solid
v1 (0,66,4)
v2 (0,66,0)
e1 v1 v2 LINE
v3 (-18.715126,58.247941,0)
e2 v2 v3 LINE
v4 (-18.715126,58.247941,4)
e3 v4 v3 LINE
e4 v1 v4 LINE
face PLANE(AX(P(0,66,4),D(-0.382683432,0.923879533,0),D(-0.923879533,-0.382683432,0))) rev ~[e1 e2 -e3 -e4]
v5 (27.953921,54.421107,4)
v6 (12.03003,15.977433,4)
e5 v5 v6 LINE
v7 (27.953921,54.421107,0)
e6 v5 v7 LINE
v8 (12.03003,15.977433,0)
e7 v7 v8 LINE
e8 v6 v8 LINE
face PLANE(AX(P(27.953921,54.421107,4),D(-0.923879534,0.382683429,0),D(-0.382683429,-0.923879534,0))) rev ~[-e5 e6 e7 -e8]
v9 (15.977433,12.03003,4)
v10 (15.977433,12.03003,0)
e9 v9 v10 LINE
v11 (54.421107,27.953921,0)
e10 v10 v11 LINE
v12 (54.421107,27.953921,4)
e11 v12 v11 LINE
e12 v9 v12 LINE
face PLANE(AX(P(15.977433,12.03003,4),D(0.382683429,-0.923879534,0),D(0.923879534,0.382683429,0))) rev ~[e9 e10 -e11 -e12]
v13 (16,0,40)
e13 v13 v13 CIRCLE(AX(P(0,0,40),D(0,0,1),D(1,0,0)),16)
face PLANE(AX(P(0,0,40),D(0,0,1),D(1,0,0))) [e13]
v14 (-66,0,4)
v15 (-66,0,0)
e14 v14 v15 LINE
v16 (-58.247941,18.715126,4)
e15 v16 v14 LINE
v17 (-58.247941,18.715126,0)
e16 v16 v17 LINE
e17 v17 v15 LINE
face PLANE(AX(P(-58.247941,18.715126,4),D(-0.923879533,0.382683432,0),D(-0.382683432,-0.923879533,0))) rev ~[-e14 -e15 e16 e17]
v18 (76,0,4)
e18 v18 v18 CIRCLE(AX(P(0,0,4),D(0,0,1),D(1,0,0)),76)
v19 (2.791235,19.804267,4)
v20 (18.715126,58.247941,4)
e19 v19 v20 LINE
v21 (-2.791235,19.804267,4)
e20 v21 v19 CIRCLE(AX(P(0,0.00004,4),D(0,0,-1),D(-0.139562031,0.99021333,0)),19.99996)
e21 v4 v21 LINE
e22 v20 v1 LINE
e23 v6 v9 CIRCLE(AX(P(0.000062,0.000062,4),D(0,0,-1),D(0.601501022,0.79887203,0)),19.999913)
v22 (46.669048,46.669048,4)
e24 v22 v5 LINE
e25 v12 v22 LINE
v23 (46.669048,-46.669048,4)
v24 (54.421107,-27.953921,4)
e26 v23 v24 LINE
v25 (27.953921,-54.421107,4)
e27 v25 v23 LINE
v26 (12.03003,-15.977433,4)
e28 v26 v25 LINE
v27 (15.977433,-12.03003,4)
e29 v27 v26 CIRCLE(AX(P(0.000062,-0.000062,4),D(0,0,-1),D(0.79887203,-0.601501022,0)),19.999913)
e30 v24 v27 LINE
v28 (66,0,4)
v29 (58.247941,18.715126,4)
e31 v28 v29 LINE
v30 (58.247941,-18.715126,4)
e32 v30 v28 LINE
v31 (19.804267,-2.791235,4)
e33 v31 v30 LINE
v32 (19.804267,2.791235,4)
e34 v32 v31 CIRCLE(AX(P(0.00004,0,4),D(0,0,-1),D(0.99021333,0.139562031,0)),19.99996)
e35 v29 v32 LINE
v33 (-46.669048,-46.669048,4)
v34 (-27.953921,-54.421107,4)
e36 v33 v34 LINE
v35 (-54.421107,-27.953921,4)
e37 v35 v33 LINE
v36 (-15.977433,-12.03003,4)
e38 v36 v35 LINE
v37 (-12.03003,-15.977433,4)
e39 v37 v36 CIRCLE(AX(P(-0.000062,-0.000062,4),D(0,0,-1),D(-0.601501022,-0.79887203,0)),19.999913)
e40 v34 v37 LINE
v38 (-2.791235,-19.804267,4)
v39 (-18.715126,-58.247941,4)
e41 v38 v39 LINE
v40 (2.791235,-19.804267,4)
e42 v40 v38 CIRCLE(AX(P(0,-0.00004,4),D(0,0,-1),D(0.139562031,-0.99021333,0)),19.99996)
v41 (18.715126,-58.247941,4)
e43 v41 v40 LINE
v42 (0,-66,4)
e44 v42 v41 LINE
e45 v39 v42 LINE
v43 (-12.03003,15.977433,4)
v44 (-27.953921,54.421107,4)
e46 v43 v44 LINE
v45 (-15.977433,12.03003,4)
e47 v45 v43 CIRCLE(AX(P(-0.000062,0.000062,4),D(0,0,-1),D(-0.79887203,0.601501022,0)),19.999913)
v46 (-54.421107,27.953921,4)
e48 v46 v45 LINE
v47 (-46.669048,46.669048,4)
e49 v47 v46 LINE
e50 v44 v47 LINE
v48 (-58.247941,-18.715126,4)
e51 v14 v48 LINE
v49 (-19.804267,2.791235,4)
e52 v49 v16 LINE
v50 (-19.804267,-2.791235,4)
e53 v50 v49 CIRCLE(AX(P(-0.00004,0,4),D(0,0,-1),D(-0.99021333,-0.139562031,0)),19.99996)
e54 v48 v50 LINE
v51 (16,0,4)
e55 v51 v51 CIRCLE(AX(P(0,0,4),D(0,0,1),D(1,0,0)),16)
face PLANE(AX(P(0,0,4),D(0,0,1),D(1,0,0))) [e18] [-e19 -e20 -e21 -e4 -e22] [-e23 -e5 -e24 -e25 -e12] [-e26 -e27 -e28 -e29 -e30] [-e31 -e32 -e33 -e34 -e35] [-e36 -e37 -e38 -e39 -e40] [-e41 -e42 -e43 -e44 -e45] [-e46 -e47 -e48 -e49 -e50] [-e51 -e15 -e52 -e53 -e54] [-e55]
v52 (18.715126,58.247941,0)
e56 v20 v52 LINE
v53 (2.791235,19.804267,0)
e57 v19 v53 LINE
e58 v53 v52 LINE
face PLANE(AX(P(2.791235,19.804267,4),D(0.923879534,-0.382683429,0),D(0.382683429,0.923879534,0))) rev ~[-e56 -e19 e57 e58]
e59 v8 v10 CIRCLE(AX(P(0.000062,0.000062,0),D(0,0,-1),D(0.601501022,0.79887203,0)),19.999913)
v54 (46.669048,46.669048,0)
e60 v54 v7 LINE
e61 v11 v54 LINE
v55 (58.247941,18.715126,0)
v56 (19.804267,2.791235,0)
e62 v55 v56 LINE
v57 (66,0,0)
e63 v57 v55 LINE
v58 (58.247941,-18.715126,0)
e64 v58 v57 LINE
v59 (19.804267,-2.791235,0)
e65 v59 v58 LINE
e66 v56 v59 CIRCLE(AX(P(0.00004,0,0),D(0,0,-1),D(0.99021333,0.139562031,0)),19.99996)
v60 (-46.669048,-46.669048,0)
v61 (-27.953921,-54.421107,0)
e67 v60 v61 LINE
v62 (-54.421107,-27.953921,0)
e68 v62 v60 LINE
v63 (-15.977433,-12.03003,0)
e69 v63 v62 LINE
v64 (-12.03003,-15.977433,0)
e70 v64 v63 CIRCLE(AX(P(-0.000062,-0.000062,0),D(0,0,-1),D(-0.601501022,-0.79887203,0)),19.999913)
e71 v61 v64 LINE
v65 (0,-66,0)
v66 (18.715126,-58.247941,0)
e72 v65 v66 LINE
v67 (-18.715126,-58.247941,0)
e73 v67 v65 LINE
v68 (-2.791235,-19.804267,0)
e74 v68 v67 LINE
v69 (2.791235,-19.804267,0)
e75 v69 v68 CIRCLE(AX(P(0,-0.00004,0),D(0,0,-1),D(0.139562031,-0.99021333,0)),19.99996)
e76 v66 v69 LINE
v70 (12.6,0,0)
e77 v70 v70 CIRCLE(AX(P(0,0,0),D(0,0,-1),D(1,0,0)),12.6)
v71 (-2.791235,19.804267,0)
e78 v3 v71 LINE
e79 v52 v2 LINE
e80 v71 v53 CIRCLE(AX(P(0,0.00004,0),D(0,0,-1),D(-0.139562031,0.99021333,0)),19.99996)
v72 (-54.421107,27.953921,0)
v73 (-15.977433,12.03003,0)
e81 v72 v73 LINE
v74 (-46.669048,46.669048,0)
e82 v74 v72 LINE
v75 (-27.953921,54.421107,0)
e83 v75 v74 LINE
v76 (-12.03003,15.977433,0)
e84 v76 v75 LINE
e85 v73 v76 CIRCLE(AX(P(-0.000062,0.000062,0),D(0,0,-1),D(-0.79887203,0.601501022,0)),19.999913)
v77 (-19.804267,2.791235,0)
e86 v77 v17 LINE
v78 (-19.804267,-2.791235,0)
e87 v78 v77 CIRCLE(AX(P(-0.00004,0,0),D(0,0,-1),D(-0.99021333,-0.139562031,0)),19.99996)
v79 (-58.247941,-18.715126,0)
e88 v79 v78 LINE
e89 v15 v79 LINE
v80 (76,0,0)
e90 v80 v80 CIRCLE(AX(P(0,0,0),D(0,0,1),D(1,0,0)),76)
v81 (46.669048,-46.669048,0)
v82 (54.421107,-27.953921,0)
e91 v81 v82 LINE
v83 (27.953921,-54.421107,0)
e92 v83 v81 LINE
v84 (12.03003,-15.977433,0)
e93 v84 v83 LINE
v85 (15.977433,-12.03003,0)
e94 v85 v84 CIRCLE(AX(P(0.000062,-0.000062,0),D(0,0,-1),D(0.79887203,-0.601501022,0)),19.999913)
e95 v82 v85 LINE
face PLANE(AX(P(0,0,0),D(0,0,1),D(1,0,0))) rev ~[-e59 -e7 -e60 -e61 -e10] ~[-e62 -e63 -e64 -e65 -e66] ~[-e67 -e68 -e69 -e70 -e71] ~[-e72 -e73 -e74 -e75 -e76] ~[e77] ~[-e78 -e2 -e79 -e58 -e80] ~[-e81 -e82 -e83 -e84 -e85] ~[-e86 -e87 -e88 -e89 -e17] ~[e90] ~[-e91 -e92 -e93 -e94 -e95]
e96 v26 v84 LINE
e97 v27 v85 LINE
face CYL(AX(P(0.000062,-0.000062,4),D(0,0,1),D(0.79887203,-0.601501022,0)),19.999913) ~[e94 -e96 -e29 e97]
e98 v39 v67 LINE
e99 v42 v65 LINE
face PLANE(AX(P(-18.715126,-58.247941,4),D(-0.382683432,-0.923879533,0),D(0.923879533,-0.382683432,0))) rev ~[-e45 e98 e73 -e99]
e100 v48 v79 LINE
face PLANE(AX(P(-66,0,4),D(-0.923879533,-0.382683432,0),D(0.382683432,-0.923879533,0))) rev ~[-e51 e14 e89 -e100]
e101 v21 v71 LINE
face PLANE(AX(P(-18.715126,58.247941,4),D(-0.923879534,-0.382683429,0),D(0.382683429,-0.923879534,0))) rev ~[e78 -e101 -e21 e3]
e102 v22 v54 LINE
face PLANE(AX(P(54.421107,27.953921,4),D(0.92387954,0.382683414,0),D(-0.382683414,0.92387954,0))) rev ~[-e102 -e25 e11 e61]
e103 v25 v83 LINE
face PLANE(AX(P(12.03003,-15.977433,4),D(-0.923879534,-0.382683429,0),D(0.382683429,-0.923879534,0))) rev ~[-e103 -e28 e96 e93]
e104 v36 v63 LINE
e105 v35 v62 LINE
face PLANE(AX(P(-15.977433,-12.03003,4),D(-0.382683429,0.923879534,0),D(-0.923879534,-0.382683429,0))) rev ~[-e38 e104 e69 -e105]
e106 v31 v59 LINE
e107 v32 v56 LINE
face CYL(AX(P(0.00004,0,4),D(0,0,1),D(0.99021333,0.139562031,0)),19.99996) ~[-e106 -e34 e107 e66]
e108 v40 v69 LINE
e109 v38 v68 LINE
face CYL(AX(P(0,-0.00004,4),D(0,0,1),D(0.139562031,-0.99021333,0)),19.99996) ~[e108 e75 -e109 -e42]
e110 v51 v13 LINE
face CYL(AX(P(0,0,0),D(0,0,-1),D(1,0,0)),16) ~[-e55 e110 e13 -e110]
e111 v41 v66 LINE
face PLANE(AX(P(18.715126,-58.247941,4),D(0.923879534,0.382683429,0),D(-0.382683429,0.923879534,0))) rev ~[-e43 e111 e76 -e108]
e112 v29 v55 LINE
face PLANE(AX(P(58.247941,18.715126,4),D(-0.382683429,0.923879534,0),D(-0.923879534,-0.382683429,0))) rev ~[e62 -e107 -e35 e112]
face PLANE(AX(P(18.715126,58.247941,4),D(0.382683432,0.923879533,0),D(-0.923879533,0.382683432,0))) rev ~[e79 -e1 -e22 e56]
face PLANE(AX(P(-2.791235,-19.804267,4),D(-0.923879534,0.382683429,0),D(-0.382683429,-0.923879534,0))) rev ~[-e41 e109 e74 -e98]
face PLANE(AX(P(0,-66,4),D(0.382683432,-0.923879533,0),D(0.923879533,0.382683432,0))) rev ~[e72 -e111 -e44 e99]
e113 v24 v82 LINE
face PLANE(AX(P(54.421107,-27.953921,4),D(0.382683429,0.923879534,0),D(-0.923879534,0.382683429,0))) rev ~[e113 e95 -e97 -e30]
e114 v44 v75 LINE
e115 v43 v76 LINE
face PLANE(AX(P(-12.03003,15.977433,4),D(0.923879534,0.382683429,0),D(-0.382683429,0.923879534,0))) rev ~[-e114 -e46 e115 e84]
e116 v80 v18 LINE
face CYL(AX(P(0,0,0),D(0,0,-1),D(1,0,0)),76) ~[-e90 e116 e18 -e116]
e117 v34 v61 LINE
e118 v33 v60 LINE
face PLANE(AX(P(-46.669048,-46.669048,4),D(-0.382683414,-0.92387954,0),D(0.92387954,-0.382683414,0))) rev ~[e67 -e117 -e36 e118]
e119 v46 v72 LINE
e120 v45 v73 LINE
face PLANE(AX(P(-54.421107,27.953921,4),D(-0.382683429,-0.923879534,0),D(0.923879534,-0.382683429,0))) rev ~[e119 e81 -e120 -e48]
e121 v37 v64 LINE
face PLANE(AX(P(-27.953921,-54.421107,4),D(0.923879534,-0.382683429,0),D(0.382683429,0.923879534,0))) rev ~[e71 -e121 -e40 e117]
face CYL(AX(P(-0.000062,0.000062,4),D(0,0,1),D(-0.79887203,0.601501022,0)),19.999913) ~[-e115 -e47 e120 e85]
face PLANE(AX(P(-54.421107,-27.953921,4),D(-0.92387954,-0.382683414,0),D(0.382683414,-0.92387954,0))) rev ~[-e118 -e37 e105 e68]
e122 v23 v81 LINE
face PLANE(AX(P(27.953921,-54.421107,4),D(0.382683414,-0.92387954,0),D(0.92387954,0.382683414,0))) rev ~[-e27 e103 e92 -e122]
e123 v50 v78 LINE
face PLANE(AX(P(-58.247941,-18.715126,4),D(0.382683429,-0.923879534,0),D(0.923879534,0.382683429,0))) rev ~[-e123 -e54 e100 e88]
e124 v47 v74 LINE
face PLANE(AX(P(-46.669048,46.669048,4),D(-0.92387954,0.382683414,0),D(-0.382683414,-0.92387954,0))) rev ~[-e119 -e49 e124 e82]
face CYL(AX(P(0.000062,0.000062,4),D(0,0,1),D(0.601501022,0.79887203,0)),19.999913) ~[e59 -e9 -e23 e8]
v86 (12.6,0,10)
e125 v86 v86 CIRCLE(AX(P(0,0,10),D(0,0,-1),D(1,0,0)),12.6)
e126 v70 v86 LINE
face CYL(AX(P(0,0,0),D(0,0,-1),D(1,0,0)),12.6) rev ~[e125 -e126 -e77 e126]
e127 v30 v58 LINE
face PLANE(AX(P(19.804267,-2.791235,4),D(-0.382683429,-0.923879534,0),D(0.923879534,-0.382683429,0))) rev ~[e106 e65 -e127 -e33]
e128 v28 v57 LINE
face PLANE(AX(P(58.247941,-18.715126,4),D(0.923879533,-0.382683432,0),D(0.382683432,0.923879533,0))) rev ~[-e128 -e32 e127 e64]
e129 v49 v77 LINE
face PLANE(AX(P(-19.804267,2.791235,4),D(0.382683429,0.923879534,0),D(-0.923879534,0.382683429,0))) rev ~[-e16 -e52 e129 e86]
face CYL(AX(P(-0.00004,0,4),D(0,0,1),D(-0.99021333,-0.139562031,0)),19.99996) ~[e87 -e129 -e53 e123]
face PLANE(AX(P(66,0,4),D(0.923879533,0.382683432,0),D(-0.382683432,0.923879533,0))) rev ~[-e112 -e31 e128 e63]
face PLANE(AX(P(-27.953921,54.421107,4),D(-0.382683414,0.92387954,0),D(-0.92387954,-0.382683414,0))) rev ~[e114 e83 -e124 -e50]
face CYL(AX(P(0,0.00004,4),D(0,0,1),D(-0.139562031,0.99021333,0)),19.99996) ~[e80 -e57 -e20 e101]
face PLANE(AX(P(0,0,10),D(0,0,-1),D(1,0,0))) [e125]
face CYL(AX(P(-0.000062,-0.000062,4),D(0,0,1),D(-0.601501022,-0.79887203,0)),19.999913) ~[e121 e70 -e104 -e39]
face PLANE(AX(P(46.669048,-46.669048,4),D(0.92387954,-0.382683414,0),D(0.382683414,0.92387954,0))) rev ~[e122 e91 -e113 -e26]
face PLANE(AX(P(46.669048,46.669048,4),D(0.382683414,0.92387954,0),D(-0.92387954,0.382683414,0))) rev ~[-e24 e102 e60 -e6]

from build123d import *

# Parameters (mm, degrees)
F0_R     = 16
F1_DEPTH = 40
F2_R     = 12.6
F3_DEPTH = 10
F4_R     = 76
F4_R_2   = 16
F5_DEPTH = 4
F7_DEPTH = 4


with BuildPart() as f1:
    # F0 (on Top) → F1 (new body)
    with BuildSketch(Plane.XY):
        Circle(F0_R)
    extrude(amount=F1_DEPTH)

    # F2 (on face) → F3 (cut)
    with BuildSketch(Plane(origin=(0, 0, 0), x_dir=(1, 0, 0), z_dir=(0, 0, -1))):
        Circle(F2_R)
    extrude(amount=-F3_DEPTH, mode=Mode.SUBTRACT)

    # F4 (on Top) → F5 (join)
    with BuildSketch(Plane.XY):
        Circle(F4_R)
        Circle(F4_R_2, mode=Mode.SUBTRACT)
    extrude(amount=F5_DEPTH)

    # F6 (on face) → F7 (cut, through all)
    with BuildSketch(Plane.XY.offset(4)):
        with BuildLine():
            Line((27.953921, -54.421107), (46.669048, -46.669048))
            Line((46.669048, -46.669048), (54.421107, -27.953921))
            Line((54.421107, -27.953921), (15.977433, -12.03003))
            ThreePointArc((15.977433, -12.03003), (14.142136, -14.142136), (12.03003, -15.977433))
            Line((12.03003, -15.977433), (27.953921, -54.421107))
        make_face()
        with BuildLine():
            Line((-18.715126, -58.247941), (0, -66))
            Line((0, -66), (18.715126, -58.247941))
            Line((18.715126, -58.247941), (2.791235, -19.804267))
            ThreePointArc((2.791235, -19.804267), (0, -20), (-2.791235, -19.804267))
            Line((-2.791235, -19.804267), (-18.715126, -58.247941))
        make_face()
        with BuildLine():
            Line((-54.421107, -27.953921), (-46.669048, -46.669048))
            Line((-46.669048, -46.669048), (-27.953921, -54.421107))
            Line((-27.953921, -54.421107), (-12.03003, -15.977433))
            ThreePointArc((-12.03003, -15.977433), (-14.142136, -14.142136), (-15.977433, -12.03003))
            Line((-15.977433, -12.03003), (-54.421107, -27.953921))
        make_face()
        with BuildLine():
            Line((-58.247941, 18.715126), (-66, 0))
            Line((-66, 0), (-58.247941, -18.715126))
            Line((-58.247941, -18.715126), (-19.804267, -2.791235))
            ThreePointArc((-19.804267, -2.791235), (-20, 0), (-19.804267, 2.791235))
            Line((-19.804267, 2.791235), (-58.247941, 18.715126))
        make_face()
        with BuildLine():
            Line((-27.953921, 54.421107), (-46.669048, 46.669048))
            Line((-46.669048, 46.669048), (-54.421107, 27.953921))
            Line((-54.421107, 27.953921), (-15.977433, 12.03003))
            ThreePointArc((-15.977433, 12.03003), (-14.142136, 14.142136), (-12.03003, 15.977433))
            Line((-12.03003, 15.977433), (-27.953921, 54.421107))
        make_face()
        with BuildLine():
            Line((18.715126, 58.247941), (0, 66))
            Line((0, 66), (-18.715126, 58.247941))
            Line((-18.715126, 58.247941), (-2.791235, 19.804267))
            ThreePointArc((-2.791235, 19.804267), (0, 20), (2.791235, 19.804267))
            Line((2.791235, 19.804267), (18.715126, 58.247941))
        make_face()
        with BuildLine():
            Line((54.421107, 27.953921), (46.669048, 46.669048))
            Line((46.669048, 46.669048), (27.953921, 54.421107))
            Line((27.953921, 54.421107), (12.03003, 15.977433))
            ThreePointArc((12.03003, 15.977433), (14.142136, 14.142136), (15.977433, 12.03003))
            Line((15.977433, 12.03003), (54.421107, 27.953921))
        make_face()
        with BuildLine():
            Line((58.247941, -18.715126), (66, 0))
            Line((66, 0), (58.247941, 18.715126))
            Line((58.247941, 18.715126), (19.804267, 2.791235))
            ThreePointArc((19.804267, 2.791235), (20, 0), (19.804267, -2.791235))
            Line((19.804267, -2.791235), (58.247941, -18.715126))
        make_face()
    extrude(amount=-F7_DEPTH, mode=Mode.SUBTRACT)


solid = f1.part
